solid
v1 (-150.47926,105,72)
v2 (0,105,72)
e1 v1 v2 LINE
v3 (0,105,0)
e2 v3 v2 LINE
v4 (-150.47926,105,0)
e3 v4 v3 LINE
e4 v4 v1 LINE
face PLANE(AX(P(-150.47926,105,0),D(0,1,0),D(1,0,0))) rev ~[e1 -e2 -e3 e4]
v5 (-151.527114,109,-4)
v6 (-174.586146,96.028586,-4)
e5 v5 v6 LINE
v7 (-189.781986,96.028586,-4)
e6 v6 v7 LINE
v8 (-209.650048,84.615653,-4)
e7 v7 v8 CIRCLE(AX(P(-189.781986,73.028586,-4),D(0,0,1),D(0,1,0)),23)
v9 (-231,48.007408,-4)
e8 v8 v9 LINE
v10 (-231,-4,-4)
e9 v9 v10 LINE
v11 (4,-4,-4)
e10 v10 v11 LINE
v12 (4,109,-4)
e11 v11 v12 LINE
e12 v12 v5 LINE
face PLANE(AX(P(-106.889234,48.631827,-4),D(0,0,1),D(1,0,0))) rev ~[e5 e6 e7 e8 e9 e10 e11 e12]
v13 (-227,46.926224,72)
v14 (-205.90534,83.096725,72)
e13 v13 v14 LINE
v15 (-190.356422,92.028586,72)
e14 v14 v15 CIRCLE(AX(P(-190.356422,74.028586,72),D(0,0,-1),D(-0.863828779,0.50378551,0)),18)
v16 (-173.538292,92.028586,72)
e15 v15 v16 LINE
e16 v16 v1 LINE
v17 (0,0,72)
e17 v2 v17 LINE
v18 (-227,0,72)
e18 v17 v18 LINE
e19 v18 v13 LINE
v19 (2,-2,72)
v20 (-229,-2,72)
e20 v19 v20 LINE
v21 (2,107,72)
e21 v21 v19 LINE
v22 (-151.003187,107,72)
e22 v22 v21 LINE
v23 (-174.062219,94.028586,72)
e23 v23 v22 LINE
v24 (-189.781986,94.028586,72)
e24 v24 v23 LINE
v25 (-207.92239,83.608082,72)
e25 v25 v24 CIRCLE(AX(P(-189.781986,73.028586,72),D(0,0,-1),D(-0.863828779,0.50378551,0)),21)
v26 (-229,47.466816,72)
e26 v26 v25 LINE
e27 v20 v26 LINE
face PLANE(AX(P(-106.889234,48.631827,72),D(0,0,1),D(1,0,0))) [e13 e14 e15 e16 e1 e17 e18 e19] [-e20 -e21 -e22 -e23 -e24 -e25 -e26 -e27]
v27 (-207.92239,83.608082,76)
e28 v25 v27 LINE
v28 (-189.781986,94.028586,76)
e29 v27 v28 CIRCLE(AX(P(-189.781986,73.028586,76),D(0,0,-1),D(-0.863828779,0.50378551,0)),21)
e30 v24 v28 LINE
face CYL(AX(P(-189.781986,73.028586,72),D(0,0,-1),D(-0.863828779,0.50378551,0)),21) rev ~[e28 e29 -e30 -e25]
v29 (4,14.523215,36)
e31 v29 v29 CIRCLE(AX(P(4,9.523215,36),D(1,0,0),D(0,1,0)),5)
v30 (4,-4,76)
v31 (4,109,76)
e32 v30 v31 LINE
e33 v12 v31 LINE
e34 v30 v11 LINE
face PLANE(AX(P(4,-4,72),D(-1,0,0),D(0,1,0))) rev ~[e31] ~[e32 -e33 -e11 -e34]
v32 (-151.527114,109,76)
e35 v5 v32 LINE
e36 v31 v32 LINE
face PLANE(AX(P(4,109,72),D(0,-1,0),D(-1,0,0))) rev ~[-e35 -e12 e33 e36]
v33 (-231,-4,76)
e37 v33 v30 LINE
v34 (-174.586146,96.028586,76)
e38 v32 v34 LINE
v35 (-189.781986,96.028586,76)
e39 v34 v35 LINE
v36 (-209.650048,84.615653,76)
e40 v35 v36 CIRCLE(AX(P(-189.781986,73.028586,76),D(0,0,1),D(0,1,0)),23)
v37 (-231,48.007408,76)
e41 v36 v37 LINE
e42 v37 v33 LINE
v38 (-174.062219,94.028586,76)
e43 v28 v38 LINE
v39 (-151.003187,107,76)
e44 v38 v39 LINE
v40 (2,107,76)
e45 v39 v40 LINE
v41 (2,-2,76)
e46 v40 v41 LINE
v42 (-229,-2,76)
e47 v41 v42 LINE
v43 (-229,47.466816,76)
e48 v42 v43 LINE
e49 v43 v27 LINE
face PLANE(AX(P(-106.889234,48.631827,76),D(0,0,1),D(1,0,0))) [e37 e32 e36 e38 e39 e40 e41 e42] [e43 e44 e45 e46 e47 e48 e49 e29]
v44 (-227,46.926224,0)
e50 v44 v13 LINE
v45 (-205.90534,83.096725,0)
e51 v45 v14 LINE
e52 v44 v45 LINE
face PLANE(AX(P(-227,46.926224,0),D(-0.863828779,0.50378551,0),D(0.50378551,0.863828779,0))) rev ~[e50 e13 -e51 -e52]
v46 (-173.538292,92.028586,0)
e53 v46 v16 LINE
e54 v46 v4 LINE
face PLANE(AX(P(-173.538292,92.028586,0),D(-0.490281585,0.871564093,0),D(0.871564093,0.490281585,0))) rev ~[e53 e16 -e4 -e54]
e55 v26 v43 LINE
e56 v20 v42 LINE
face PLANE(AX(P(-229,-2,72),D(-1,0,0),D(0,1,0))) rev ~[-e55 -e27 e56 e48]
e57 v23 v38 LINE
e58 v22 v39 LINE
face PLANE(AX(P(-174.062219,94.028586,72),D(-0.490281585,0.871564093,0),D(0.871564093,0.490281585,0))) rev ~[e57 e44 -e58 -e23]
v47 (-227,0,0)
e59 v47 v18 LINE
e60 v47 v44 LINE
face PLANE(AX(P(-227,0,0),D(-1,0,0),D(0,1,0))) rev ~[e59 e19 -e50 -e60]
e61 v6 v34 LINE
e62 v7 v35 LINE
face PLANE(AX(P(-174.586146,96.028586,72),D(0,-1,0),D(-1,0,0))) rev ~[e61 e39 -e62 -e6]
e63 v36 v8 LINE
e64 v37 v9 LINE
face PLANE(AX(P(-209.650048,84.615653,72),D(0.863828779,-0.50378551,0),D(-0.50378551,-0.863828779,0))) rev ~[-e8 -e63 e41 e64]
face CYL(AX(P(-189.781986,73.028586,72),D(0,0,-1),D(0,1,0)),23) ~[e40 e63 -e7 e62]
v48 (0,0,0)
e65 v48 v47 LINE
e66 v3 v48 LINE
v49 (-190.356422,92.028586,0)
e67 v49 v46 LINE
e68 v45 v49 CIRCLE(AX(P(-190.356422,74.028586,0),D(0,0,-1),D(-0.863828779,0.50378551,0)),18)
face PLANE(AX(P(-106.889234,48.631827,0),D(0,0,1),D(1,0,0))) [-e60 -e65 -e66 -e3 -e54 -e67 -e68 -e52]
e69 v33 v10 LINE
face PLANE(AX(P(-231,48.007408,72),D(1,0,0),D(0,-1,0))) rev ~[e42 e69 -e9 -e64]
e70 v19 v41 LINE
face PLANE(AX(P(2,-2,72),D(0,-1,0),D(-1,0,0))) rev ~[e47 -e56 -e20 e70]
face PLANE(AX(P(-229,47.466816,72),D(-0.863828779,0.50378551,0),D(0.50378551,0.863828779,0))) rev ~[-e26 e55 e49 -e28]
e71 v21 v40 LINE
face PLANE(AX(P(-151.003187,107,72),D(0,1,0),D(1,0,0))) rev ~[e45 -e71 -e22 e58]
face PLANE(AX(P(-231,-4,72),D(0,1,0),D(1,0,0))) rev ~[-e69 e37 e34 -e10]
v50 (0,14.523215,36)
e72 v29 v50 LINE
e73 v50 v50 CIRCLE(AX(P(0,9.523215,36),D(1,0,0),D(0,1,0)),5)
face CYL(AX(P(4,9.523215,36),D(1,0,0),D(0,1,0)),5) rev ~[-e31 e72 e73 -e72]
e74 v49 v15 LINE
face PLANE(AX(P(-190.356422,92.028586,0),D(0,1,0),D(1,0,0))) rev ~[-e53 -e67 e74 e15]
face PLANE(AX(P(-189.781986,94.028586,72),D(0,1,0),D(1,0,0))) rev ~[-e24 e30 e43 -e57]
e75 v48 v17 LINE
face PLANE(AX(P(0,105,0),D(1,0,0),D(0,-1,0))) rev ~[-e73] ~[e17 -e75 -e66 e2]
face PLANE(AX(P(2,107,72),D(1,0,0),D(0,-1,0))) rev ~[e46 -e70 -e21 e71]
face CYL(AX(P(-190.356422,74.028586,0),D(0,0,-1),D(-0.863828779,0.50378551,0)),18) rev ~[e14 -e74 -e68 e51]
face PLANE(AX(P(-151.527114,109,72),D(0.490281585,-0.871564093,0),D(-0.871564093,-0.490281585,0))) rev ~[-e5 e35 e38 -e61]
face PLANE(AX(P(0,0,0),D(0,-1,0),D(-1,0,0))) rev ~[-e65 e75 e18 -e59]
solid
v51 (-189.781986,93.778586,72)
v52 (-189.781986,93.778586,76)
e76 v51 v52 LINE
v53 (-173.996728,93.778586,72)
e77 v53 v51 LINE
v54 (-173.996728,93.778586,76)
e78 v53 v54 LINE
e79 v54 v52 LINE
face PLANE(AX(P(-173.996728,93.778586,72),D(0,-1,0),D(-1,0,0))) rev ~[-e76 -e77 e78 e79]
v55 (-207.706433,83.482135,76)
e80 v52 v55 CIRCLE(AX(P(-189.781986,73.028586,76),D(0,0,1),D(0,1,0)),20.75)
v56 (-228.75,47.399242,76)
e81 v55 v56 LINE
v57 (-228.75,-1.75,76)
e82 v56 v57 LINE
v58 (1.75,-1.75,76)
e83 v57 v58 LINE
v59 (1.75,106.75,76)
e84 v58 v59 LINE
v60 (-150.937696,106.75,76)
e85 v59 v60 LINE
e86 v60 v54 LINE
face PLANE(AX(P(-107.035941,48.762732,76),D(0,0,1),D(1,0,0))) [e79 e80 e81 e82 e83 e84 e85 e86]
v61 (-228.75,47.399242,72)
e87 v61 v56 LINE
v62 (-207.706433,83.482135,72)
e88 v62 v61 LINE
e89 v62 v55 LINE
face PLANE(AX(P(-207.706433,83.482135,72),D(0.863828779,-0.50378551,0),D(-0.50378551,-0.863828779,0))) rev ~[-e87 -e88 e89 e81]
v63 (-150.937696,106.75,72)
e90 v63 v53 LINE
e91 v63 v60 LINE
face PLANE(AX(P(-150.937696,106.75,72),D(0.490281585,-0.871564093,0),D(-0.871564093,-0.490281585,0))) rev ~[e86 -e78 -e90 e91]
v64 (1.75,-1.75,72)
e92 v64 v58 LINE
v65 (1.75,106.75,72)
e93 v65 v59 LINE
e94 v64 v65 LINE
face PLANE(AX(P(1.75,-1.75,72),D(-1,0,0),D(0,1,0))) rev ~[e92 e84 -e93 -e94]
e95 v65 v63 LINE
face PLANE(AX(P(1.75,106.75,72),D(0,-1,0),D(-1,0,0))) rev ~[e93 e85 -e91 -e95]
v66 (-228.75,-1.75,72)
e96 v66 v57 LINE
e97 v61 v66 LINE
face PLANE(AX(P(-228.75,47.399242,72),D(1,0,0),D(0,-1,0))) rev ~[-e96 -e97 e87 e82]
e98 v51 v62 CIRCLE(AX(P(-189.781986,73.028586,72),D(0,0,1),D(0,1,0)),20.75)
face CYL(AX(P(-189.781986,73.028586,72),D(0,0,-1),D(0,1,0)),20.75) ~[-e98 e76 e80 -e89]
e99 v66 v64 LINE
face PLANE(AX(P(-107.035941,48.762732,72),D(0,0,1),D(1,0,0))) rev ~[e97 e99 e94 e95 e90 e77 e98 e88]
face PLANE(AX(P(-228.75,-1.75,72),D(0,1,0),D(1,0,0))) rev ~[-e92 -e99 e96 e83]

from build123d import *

# Parameters (mm, degrees)
F1_DEPTH = 72
F3_DEPTH = 4
F5_DEPTH = 4
F6_R     = 5
F7_DEPTH = 25
F9_DEPTH = 4


with BuildPart() as f1:
    # F0 (on Top) → F1 (new body)
    with BuildSketch(Plane.XY):
        with BuildLine():
            Line((-231, -4), (-170.1878618188, -4))
            Line((-170.1878618188, -4), (4, -4))
            Line((4, -4), (4, 109))
            Line((4, 109), (-151.5271144073, 109))
            Line((-151.5271144073, 109), (-174.586146194, 96.02858603))
            Line((-174.586146194, 96.02858603), (-189.7819859549, 96.02858603))
            ThreePointArc((-189.7819859549, 96.02858603), (-201.238369879, 92.9722884793), (-209.6500478789, 84.6156527591))
            Line((-209.6500478789, 84.6156527591), (-231, 48.0074083488))
            Line((-231, 48.0074083488), (-231, -4))
        make_face()
        with BuildLine():
            Line((0, 105), (0, 0))
            Line((0, 0), (-170.1878618188, 0))
            Line((-170.1878618188, 0), (-227, 0))
            Line((-227, 0), (-227, 46.9262242496))
            Line((-227, 46.9262242496), (-205.905340146, 83.0967252093))
            ThreePointArc((-205.905340146, 83.0967252093), (-199.3222877982, 89.6367009903), (-190.3564221185, 92.02858603))
            Line((-190.3564221185, 92.02858603), (-173.5382919705, 92.02858603))
            Line((-173.5382919705, 92.02858603), (-150.4792601838, 105))
            Line((-150.4792601838, 105), (0, 105))
        make_face(mode=Mode.SUBTRACT)
    extrude(amount=F1_DEPTH)

    # F2 (on Top) → F3 (join)
    with BuildSketch(Plane.XY):
        with BuildLine():
            Line((4, -4), (4, 109))
            Line((4, 109), (-151.5271144073, 109))
            Line((-151.5271144073, 109), (-174.586146194, 96.02858603))
            Line((-174.586146194, 96.02858603), (-189.7819859549, 96.02858603))
            ThreePointArc((-189.7819859549, 96.02858603), (-201.238369879, 92.9722884793), (-209.6500478789, 84.6156527591))
            Line((-209.6500478789, 84.6156527591), (-231, 48.0074083488))
            Line((-231, 48.0074083488), (-231, -4))
            Line((-231, -4), (4, -4))
        make_face()
    extrude(amount=-F3_DEPTH)

    # F4 (on face) → F5 (join)
    with BuildSketch(Plane.XY.offset(72)):
        with BuildLine():
            Line((4, -4), (4, 109))
            Line((4, 109), (-151.5271144073, 109))
            Line((-151.5271144073, 109), (-174.586146194, 96.02858603))
            Line((-174.586146194, 96.02858603), (-189.7819859549, 96.02858603))
            ThreePointArc((-189.7819859549, 96.02858603), (-201.238369879, 92.9722884793), (-209.6500478789, 84.6156527591))
            Line((-209.6500478789, 84.6156527591), (-231, 48.0074083488))
            Line((-231, 48.0074083488), (-231, -4))
            Line((-231, -4), (4, -4))
        make_face()
        with BuildLine():
            Line((2, 107), (2, -2))
            Line((2, -2), (-229, -2))
            Line((-229, -2), (-229, 47.4668162992))
            Line((-229, 47.4668162992), (-207.9223903203, 83.6080817392))
            ThreePointArc((-207.9223903203, 83.6080817392), (-200.2421625812, 91.2380534837), (-189.7819859549, 94.02858603))
            Line((-189.7819859549, 94.02858603), (-174.0622190822, 94.02858603))
            Line((-174.0622190822, 94.02858603), (-151.0031872955, 107))
            Line((-151.0031872955, 107), (2, 107))
        make_face(mode=Mode.SUBTRACT)
    extrude(amount=F5_DEPTH)

    # F6 (on face) → F7 (cut)
    with BuildSketch(Plane.YZ.offset(4)):
        with Locations((9.5232147723, 36)):
            Circle(F6_R)
    extrude(amount=-F7_DEPTH, mode=Mode.SUBTRACT)


with BuildPart() as f9:
    # F8 (on face) → F9 (new body)
    with BuildSketch(Plane.XY.offset(72)):
        with BuildLine():
            Line((-173.9967281933, 93.77858603), (-189.7819859549, 93.77858603))
            ThreePointArc((-189.7819859549, 93.77858603), (-200.117636669, 91.0212741092), (-207.7064331255, 83.4821353617))
            Line((-207.7064331255, 83.4821353617), (-228.75, 47.399242293))
            Line((-228.75, 47.399242293), (-228.75, -1.75))
            Line((-228.75, -1.75), (1.75, -1.75))
            Line((1.75, -1.75), (1.75, 106.75))
            Line((1.75, 106.75), (-150.9376964066, 106.75))
            Line((-150.9376964066, 106.75), (-173.9967281933, 93.77858603))
        make_face()
        with BuildLine():
            Line((-227, 46.9262242496), (-205.905340146, 83.0967252093))
            ThreePointArc((-205.905340146, 83.0967252093), (-199.3222877982, 89.6367009903), (-190.3564221185, 92.02858603))
            Line((-190.3564221185, 92.02858603), (-173.5382919705, 92.02858603))
            Line((-173.5382919705, 92.02858603), (-150.4792601838, 105))
            Line((-150.4792601838, 105), (0, 105))
            Line((0, 105), (0, 0))
            Line((0, 0), (-227, 0))
            Line((-227, 0), (-227, 46.9262242496))
        make_face(mode=Mode.SUBTRACT)
        with BuildLine():
            ThreePointArc((-190.3564221185, 92.02858603), (-199.3222877982, 89.6367009903), (-205.905340146, 83.0967252093))
            Line((-205.905340146, 83.0967252093), (-227, 46.9262242496))
            Line((-227, 46.9262242496), (-227, 0))
            Line((-227, 0), (0, 0))
            Line((0, 0), (0, 105))
            Line((0, 105), (-150.4792601838, 105))
            Line((-150.4792601838, 105), (-173.5382919705, 92.02858603))
            Line((-173.5382919705, 92.02858603), (-190.3564221185, 92.02858603))
        make_face()
    extrude(amount=F9_DEPTH)


solid = Compound([f1.part, f9.part])
